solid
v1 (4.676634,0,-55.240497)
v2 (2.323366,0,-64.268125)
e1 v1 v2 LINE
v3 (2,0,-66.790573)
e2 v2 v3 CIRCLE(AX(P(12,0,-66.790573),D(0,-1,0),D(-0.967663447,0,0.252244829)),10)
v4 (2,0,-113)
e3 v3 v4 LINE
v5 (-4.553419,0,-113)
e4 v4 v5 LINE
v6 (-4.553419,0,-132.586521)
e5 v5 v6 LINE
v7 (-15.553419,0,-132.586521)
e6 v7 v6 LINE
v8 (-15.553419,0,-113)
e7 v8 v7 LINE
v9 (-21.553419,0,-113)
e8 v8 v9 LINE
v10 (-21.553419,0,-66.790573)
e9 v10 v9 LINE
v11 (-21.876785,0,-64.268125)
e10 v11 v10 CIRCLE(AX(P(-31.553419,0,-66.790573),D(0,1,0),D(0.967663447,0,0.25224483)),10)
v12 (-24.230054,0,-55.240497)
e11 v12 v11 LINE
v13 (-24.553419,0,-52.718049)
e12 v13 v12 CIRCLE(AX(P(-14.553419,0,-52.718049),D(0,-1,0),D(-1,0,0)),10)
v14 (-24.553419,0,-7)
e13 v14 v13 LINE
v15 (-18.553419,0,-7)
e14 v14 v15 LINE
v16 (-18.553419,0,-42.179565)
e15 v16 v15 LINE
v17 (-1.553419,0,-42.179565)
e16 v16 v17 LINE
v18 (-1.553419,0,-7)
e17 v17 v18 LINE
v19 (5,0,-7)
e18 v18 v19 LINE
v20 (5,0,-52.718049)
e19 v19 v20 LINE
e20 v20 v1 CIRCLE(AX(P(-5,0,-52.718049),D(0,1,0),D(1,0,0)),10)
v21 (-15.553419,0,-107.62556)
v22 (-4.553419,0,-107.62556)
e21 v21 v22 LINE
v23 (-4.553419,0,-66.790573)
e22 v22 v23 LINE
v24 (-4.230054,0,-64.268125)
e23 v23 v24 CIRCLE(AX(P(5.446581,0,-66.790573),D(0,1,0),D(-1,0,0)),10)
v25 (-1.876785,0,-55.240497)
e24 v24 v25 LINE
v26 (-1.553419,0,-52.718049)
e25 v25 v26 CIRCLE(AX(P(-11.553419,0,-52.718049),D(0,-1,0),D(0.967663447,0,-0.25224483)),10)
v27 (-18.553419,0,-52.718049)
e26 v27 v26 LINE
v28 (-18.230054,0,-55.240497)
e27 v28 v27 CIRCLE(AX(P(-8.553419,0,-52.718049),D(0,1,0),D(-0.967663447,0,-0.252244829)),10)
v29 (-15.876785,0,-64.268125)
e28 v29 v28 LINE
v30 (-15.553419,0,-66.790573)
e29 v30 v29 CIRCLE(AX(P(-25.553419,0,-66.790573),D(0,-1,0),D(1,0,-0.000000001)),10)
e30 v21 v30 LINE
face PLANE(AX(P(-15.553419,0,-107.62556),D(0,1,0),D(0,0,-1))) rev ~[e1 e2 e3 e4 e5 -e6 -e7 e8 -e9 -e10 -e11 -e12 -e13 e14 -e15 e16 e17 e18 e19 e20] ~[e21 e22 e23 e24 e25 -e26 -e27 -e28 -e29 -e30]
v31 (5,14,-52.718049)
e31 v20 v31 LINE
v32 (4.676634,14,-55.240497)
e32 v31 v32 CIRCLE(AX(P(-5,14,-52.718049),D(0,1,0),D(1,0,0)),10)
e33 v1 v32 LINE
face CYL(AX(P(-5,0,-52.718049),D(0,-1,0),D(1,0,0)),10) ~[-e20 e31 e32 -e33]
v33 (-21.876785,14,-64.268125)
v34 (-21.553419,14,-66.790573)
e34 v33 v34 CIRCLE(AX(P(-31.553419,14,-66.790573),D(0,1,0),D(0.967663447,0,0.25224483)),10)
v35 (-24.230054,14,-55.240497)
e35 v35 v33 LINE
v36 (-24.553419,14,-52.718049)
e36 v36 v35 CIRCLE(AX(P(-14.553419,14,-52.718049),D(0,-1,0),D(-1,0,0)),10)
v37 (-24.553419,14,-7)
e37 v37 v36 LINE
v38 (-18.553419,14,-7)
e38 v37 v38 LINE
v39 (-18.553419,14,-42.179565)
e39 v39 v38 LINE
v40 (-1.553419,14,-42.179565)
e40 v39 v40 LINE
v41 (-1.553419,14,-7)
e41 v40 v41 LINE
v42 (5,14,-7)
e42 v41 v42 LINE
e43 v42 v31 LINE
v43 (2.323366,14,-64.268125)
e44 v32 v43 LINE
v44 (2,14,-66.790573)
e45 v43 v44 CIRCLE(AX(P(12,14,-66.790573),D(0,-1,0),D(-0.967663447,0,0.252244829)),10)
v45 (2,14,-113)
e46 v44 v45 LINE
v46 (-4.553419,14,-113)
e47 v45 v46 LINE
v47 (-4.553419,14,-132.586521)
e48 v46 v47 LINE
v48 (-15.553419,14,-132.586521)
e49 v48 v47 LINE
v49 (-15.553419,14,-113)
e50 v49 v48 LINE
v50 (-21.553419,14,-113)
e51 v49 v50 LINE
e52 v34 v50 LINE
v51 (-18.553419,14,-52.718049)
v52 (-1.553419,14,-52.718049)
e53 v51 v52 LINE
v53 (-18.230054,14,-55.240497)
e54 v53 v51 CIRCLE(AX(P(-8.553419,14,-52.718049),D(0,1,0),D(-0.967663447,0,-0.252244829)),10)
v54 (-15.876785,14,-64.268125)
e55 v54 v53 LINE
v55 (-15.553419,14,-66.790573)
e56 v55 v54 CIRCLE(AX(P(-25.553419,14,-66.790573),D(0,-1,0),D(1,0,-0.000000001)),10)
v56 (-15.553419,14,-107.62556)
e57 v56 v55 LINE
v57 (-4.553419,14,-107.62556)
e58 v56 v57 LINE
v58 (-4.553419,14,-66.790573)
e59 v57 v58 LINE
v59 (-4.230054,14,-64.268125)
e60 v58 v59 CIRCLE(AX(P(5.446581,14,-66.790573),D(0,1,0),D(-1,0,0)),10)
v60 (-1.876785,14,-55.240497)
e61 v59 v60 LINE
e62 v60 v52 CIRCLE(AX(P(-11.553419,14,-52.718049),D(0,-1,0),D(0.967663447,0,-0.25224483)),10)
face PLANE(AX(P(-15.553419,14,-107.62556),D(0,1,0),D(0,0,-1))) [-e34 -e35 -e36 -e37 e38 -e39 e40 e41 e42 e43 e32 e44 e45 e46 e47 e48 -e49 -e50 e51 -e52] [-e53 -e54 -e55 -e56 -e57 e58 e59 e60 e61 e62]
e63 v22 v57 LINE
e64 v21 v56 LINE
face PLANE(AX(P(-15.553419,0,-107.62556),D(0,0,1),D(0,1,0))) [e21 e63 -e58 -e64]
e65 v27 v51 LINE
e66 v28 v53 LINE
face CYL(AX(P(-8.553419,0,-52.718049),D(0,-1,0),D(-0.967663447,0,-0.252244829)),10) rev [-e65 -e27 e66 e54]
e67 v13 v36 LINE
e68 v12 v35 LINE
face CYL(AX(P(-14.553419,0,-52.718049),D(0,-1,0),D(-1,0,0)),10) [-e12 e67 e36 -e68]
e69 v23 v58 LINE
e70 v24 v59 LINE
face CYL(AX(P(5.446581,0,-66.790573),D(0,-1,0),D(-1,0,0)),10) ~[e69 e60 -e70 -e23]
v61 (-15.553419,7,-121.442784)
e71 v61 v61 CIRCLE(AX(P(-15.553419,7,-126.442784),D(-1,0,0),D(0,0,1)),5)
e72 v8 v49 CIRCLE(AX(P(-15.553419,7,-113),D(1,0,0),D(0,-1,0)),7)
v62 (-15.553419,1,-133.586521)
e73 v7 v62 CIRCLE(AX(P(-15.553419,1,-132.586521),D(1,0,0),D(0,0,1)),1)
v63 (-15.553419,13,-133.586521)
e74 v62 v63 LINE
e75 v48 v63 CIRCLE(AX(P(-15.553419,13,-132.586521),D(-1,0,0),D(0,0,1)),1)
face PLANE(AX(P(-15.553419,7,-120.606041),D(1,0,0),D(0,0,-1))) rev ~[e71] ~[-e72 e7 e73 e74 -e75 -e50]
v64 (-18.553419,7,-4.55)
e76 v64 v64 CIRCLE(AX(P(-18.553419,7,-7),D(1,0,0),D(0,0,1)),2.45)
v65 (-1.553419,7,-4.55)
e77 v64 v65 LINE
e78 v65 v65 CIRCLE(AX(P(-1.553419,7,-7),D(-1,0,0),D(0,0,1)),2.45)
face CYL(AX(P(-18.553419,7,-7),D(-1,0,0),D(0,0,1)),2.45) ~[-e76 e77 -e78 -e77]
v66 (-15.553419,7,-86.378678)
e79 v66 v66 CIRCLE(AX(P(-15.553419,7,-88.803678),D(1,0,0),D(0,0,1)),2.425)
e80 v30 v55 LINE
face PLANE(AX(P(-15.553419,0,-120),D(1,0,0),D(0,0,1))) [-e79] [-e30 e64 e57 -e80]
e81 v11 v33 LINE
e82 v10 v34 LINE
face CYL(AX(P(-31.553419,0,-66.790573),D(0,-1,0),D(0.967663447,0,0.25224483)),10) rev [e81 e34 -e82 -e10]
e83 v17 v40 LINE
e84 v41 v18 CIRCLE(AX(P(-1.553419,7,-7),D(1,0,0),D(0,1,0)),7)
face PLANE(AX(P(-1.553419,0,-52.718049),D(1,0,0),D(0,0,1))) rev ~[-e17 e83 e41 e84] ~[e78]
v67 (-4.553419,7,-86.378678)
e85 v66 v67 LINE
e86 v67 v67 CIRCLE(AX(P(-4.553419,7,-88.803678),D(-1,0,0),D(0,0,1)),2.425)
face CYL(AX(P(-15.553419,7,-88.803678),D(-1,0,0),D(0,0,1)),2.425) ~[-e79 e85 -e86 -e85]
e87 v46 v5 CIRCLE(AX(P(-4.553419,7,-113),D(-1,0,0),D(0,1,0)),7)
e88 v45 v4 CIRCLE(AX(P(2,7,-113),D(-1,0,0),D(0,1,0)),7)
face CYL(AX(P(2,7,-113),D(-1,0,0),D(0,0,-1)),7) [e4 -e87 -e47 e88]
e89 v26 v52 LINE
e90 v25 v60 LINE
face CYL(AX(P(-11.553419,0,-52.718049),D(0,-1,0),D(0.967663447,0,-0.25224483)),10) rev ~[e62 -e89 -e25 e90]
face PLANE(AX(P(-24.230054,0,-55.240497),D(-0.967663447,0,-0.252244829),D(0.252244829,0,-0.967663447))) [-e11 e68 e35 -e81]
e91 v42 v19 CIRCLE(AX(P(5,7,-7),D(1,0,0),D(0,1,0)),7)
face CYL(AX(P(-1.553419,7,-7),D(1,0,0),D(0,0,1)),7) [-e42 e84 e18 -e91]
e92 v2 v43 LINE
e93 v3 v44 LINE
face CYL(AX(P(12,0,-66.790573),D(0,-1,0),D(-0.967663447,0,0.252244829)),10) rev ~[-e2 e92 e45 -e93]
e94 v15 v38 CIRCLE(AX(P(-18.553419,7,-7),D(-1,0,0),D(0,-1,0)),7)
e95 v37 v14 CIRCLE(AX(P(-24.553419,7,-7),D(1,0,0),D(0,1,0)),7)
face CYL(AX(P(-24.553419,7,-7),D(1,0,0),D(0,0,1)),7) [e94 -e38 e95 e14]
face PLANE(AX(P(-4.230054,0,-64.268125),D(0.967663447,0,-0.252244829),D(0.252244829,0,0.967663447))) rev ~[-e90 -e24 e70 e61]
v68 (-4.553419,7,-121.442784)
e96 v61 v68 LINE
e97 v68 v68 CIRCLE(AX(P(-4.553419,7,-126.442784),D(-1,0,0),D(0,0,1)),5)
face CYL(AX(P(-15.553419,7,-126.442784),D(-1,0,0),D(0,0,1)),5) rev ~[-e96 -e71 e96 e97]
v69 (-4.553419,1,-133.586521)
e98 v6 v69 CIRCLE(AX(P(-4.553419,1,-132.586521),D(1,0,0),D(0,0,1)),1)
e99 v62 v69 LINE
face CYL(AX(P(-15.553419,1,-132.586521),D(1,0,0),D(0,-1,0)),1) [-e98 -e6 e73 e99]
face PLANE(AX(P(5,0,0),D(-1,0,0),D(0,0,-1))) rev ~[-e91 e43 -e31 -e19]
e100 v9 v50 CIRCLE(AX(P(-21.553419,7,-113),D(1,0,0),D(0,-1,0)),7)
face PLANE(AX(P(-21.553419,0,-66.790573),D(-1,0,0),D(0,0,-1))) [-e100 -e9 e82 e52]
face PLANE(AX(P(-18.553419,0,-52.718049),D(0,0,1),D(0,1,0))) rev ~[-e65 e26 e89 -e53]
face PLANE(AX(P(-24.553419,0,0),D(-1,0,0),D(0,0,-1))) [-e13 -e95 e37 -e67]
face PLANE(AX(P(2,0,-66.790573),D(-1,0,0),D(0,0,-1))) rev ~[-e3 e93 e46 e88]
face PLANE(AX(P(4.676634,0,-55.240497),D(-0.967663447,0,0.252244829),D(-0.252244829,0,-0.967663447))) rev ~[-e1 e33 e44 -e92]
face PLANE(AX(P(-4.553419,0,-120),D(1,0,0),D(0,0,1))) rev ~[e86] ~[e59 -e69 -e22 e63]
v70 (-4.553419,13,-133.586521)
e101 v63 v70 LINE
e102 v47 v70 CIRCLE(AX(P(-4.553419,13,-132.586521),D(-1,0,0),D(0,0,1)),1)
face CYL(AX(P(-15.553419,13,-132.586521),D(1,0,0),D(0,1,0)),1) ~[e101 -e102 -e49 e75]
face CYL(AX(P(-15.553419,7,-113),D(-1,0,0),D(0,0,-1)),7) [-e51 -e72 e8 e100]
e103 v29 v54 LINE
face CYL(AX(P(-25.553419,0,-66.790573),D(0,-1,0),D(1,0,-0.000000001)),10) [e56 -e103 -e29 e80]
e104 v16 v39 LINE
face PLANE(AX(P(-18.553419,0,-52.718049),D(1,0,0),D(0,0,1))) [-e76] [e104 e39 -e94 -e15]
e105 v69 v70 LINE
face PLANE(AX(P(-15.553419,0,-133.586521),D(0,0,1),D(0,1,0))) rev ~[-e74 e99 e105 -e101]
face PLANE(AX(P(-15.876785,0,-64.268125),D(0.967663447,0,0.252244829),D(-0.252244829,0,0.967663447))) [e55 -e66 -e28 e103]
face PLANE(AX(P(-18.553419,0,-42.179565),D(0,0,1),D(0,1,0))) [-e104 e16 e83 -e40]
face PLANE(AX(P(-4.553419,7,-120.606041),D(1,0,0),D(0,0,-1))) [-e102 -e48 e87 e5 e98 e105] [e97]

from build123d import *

# Parameters (mm, degrees)
EXTRUDE_2_DEPTH     = 14
FILLET_1_RADIUS     = 7
FILLET_1_LENGTH     = 6.553419282
FILLET_2_RADIUS     = 7
FILLET_2_LENGTH     = 6.553419282
EXTRUDE_3_DEPTH     = 14
FILLET_3_RADIUS     = 7
FILLET_3_LENGTH     = 6
FILLET_4_RADIUS     = 7
FILLET_4_LENGTH     = 6
EXTRUDE_5_REACH     = 125.088
SKETCH_8_R          = 2.45
SKETCH_8_W          = 10.538484084
SKETCH_8_H          = 14
EXTRUDE_6_REACH     = 124.55
SKETCH_11_R         = 2.425
SKETCH_13_W         = 25.960961566
SKETCH_13_H         = 14
EXTRUDE_7_DEPTH     = 11
CUT_EXTRUDE_2_REACH = 137.882
SKETCH_14_R         = 5
FILLET_5_R          = 1


with BuildPart() as part:
    # 草图1 → 凸台-拉伸2 (new body)
    with BuildSketch(Plane(origin=(0, 0, 0), x_dir=(1, 0, 0), z_dir=(0, 1, 0))):
        with BuildLine():
            Line((5, 0), (5, 52.718048915))
            ThreePointArc((5, 52.718048915), (4.918829182, 53.989594298), (4.676634468, 55.240497206))
            Line((4.676634468, 55.240497206), (2.323365532, 64.268124597))
            ThreePointArc((2.323365532, 64.268124597), (2.081170818, 65.519027505), (2, 66.790572889))
            Line((2, 66.790572889), (2, 120))
            Line((2, 120), (-4.553419282, 120))
            Line((-4.553419282, 120), (-4.553419282, 66.790572889))
            ThreePointArc((-4.553419282, 66.790572889), (-4.472248464, 65.519027505), (-4.23005375, 64.268124597))
            Line((-4.23005375, 64.268124597), (-1.876784815, 55.240497206))
            ThreePointArc((-1.876784815, 55.240497206), (-1.6345901, 53.989594298), (-1.553419282, 52.718048915))
            Line((-1.553419282, 52.718048915), (-1.553419282, 0))
            Line((-1.553419282, 0), (5, 0))
        make_face()
    extrude(amount=EXTRUDE_2_DEPTH)

    # 圆角1: full round fillet: the end face becomes a half cylinder, R = half its width
    fillet_1_face = Plane((1.723290359, 7, 0), x_dir=(1, 0, 0), z_dir=(0, 0, 1))  # on the end face: x along it, z out of the body
    fillet_1_slab = fillet_1_face.offset(-FILLET_1_RADIUS / 2) * Box(FILLET_1_LENGTH, 2 * FILLET_1_RADIUS, FILLET_1_RADIUS, mode=Mode.PRIVATE)  # the body's end, R deep
    fillet_1_round = Plane((1.723290359, 7, -7), x_dir=(0, 0, 1), z_dir=(1, 0, 0)) * Cylinder(FILLET_1_RADIUS, FILLET_1_LENGTH, mode=Mode.PRIVATE)  # its axis R under the face
    add(fillet_1_slab - fillet_1_round, mode=Mode.SUBTRACT)

    # 圆角2: full round fillet: the end face becomes a half cylinder, R = half its width
    fillet_2_face = Plane((-1.276709641, 7, -120), x_dir=(-1, 0, 0), z_dir=(0, 0, -1))  # on the end face: x along it, z out of the body
    fillet_2_slab = fillet_2_face.offset(-FILLET_2_RADIUS / 2) * Box(FILLET_2_LENGTH, 2 * FILLET_2_RADIUS, FILLET_2_RADIUS, mode=Mode.PRIVATE)  # the body's end, R deep
    fillet_2_round = Plane((-1.276709641, 7, -113), x_dir=(0, 0, -1), z_dir=(-1, 0, 0)) * Cylinder(FILLET_2_RADIUS, FILLET_2_LENGTH, mode=Mode.PRIVATE)  # its axis R under the face
    add(fillet_2_slab - fillet_2_round, mode=Mode.SUBTRACT)

    # 草图8 → 凸台-拉伸5 (add, up to next)
    with BuildSketch(Plane(origin=(-18.553419282, 0, 0), x_dir=(0, 0, -1), z_dir=(1, 0, 0)), mode=Mode.PRIVATE) as extrude_5_sk1:
        with Locations(Location((7, 7, 0), (0, 0, 180))):
            Circle(SKETCH_8_R)
    extrude_5_tool1 = extrude(extrude_5_sk1.sketch, amount=EXTRUDE_5_REACH, mode=Mode.PRIVATE) - part.part
    # 草图8 → 凸台-拉伸5 (add, up to next)
    with BuildSketch(Plane(origin=(-18.553419282, 0, 0), x_dir=(0, 0, -1), z_dir=(1, 0, 0)), mode=Mode.PRIVATE) as extrude_5_sk2:
        with Locations((47.448806873, 7)):
            Rectangle(SKETCH_8_W, SKETCH_8_H)
    extrude_5_tool2 = extrude(extrude_5_sk2.sketch, amount=EXTRUDE_5_REACH, mode=Mode.PRIVATE) - part.part


with BuildPart() as body_2:
    # 草图4 → 凸台-拉伸3 (new body)
    with BuildSketch(Plane(origin=(0, 0, 0), x_dir=(1, 0, 0), z_dir=(0, 1, 0))):
        with BuildLine():
            Line((-18.553419282, 0), (-24.553419282, 0))
            Line((-24.553419282, 0), (-24.553419282, 52.718048915))
            ThreePointArc((-24.553419282, 52.718048915), (-24.472248464, 53.989594298), (-24.23005375, 55.240497206))
            Line((-24.23005375, 55.240497206), (-21.876784815, 64.268124597))
            ThreePointArc((-21.876784815, 64.268124597), (-21.6345901, 65.519027505), (-21.553419282, 66.790572889))
            Line((-21.553419282, 66.790572889), (-21.553419282, 120))
            Line((-21.553419282, 120), (-15.553419282, 120))
            Line((-15.553419282, 120), (-15.553419282, 66.790572889))
            ThreePointArc((-15.553419282, 66.790572889), (-15.6345901, 65.519027505), (-15.876784815, 64.268124597))
            Line((-15.876784815, 64.268124597), (-18.23005375, 55.240497206))
            ThreePointArc((-18.23005375, 55.240497206), (-18.472248464, 53.989594298), (-18.553419282, 52.718048915))
            Line((-18.553419282, 52.718048915), (-18.553419282, 0))
        make_face()
    extrude(amount=EXTRUDE_3_DEPTH)

    # 圆角3: full round fillet: the end face becomes a half cylinder, R = half its width
    fillet_3_face = Plane((-18.553419282, 7, -120), x_dir=(-1, 0, 0), z_dir=(0, 0, -1))  # on the end face: x along it, z out of the body
    fillet_3_slab = fillet_3_face.offset(-FILLET_3_RADIUS / 2) * Box(FILLET_3_LENGTH, 2 * FILLET_3_RADIUS, FILLET_3_RADIUS, mode=Mode.PRIVATE)  # the body's end, R deep
    fillet_3_round = Plane((-18.553419282, 7, -113), x_dir=(0, 0, -1), z_dir=(-1, 0, 0)) * Cylinder(FILLET_3_RADIUS, FILLET_3_LENGTH, mode=Mode.PRIVATE)  # its axis R under the face
    add(fillet_3_slab - fillet_3_round, mode=Mode.SUBTRACT)

    # 圆角4: full round fillet: the end face becomes a half cylinder, R = half its width
    fillet_4_face = Plane((-21.553419282, 7, 0), x_dir=(1, 0, 0), z_dir=(0, 0, 1))  # on the end face: x along it, z out of the body
    fillet_4_slab = fillet_4_face.offset(-FILLET_4_RADIUS / 2) * Box(FILLET_4_LENGTH, 2 * FILLET_4_RADIUS, FILLET_4_RADIUS, mode=Mode.PRIVATE)  # the body's end, R deep
    fillet_4_round = Plane((-21.553419282, 7, -7), x_dir=(0, 0, 1), z_dir=(1, 0, 0)) * Cylinder(FILLET_4_RADIUS, FILLET_4_LENGTH, mode=Mode.PRIVATE)  # its axis R under the face
    add(fillet_4_slab - fillet_4_round, mode=Mode.SUBTRACT)


with BuildPart() as part_1:
    add(part.part)

    add(body_2.part)  # 凸台-拉伸5 merges body 2
    add(extrude_5_tool1.solids().sort_by_distance((-18.553419, 7, -7))[0])
    add(extrude_5_tool2.solids().sort_by_distance((-18.553419, 7, -47.448807))[0])

    # 草图11 → 凸台-拉伸6 (add, up to next)
    with BuildSketch(Plane(origin=(-15.553419282, 0, 0), x_dir=(0, 0, -1), z_dir=(1, 0, 0)), mode=Mode.PRIVATE) as extrude_6_sk1:
        with Locations(Location((88.803678257, 7, 0), (0, 0, 180))):
            Circle(SKETCH_11_R)
    extrude_6_tool1 = extrude(extrude_6_sk1.sketch, amount=EXTRUDE_6_REACH, mode=Mode.PRIVATE) - part_1.part
    add(extrude_6_tool1.solids().sort_by_distance((-15.553419, 7, -88.803678))[0])

    # 草图13 → 凸台-拉伸7 (add)
    with BuildSketch(Plane(origin=(-15.553419282, 0, 0), x_dir=(0, 0, -1), z_dir=(1, 0, 0))):
        with Locations((120.606040711, 7)):
            Rectangle(SKETCH_13_W, SKETCH_13_H)
    extrude(amount=EXTRUDE_7_DEPTH)

    # 草图14 → 切除-拉伸2 (cut, up to next)
    with BuildSketch(Plane.ZY.offset(15.553419282), mode=Mode.PRIVATE) as cut_extrude_2_sk1:
        with Locations((-126.442783906, 7)):
            Circle(SKETCH_14_R)
    cut_extrude_2_tool1 = extrude(cut_extrude_2_sk1.sketch, amount=-CUT_EXTRUDE_2_REACH, mode=Mode.PRIVATE) & part_1.part
    add(cut_extrude_2_tool1.solids().sort_by_distance((-15.553419, 7, -126.442784))[0], mode=Mode.SUBTRACT)

    # 圆角5
    fillet_5_edges = [part_1.edges().sort_by_distance(p)[0] for p in [
        (-10.053419282, 0, -133.586521494),
        (-10.053419282, 14, -133.586521494),
    ]]
    fillet(fillet_5_edges, radius=FILLET_5_R)


solid = part_1.part
